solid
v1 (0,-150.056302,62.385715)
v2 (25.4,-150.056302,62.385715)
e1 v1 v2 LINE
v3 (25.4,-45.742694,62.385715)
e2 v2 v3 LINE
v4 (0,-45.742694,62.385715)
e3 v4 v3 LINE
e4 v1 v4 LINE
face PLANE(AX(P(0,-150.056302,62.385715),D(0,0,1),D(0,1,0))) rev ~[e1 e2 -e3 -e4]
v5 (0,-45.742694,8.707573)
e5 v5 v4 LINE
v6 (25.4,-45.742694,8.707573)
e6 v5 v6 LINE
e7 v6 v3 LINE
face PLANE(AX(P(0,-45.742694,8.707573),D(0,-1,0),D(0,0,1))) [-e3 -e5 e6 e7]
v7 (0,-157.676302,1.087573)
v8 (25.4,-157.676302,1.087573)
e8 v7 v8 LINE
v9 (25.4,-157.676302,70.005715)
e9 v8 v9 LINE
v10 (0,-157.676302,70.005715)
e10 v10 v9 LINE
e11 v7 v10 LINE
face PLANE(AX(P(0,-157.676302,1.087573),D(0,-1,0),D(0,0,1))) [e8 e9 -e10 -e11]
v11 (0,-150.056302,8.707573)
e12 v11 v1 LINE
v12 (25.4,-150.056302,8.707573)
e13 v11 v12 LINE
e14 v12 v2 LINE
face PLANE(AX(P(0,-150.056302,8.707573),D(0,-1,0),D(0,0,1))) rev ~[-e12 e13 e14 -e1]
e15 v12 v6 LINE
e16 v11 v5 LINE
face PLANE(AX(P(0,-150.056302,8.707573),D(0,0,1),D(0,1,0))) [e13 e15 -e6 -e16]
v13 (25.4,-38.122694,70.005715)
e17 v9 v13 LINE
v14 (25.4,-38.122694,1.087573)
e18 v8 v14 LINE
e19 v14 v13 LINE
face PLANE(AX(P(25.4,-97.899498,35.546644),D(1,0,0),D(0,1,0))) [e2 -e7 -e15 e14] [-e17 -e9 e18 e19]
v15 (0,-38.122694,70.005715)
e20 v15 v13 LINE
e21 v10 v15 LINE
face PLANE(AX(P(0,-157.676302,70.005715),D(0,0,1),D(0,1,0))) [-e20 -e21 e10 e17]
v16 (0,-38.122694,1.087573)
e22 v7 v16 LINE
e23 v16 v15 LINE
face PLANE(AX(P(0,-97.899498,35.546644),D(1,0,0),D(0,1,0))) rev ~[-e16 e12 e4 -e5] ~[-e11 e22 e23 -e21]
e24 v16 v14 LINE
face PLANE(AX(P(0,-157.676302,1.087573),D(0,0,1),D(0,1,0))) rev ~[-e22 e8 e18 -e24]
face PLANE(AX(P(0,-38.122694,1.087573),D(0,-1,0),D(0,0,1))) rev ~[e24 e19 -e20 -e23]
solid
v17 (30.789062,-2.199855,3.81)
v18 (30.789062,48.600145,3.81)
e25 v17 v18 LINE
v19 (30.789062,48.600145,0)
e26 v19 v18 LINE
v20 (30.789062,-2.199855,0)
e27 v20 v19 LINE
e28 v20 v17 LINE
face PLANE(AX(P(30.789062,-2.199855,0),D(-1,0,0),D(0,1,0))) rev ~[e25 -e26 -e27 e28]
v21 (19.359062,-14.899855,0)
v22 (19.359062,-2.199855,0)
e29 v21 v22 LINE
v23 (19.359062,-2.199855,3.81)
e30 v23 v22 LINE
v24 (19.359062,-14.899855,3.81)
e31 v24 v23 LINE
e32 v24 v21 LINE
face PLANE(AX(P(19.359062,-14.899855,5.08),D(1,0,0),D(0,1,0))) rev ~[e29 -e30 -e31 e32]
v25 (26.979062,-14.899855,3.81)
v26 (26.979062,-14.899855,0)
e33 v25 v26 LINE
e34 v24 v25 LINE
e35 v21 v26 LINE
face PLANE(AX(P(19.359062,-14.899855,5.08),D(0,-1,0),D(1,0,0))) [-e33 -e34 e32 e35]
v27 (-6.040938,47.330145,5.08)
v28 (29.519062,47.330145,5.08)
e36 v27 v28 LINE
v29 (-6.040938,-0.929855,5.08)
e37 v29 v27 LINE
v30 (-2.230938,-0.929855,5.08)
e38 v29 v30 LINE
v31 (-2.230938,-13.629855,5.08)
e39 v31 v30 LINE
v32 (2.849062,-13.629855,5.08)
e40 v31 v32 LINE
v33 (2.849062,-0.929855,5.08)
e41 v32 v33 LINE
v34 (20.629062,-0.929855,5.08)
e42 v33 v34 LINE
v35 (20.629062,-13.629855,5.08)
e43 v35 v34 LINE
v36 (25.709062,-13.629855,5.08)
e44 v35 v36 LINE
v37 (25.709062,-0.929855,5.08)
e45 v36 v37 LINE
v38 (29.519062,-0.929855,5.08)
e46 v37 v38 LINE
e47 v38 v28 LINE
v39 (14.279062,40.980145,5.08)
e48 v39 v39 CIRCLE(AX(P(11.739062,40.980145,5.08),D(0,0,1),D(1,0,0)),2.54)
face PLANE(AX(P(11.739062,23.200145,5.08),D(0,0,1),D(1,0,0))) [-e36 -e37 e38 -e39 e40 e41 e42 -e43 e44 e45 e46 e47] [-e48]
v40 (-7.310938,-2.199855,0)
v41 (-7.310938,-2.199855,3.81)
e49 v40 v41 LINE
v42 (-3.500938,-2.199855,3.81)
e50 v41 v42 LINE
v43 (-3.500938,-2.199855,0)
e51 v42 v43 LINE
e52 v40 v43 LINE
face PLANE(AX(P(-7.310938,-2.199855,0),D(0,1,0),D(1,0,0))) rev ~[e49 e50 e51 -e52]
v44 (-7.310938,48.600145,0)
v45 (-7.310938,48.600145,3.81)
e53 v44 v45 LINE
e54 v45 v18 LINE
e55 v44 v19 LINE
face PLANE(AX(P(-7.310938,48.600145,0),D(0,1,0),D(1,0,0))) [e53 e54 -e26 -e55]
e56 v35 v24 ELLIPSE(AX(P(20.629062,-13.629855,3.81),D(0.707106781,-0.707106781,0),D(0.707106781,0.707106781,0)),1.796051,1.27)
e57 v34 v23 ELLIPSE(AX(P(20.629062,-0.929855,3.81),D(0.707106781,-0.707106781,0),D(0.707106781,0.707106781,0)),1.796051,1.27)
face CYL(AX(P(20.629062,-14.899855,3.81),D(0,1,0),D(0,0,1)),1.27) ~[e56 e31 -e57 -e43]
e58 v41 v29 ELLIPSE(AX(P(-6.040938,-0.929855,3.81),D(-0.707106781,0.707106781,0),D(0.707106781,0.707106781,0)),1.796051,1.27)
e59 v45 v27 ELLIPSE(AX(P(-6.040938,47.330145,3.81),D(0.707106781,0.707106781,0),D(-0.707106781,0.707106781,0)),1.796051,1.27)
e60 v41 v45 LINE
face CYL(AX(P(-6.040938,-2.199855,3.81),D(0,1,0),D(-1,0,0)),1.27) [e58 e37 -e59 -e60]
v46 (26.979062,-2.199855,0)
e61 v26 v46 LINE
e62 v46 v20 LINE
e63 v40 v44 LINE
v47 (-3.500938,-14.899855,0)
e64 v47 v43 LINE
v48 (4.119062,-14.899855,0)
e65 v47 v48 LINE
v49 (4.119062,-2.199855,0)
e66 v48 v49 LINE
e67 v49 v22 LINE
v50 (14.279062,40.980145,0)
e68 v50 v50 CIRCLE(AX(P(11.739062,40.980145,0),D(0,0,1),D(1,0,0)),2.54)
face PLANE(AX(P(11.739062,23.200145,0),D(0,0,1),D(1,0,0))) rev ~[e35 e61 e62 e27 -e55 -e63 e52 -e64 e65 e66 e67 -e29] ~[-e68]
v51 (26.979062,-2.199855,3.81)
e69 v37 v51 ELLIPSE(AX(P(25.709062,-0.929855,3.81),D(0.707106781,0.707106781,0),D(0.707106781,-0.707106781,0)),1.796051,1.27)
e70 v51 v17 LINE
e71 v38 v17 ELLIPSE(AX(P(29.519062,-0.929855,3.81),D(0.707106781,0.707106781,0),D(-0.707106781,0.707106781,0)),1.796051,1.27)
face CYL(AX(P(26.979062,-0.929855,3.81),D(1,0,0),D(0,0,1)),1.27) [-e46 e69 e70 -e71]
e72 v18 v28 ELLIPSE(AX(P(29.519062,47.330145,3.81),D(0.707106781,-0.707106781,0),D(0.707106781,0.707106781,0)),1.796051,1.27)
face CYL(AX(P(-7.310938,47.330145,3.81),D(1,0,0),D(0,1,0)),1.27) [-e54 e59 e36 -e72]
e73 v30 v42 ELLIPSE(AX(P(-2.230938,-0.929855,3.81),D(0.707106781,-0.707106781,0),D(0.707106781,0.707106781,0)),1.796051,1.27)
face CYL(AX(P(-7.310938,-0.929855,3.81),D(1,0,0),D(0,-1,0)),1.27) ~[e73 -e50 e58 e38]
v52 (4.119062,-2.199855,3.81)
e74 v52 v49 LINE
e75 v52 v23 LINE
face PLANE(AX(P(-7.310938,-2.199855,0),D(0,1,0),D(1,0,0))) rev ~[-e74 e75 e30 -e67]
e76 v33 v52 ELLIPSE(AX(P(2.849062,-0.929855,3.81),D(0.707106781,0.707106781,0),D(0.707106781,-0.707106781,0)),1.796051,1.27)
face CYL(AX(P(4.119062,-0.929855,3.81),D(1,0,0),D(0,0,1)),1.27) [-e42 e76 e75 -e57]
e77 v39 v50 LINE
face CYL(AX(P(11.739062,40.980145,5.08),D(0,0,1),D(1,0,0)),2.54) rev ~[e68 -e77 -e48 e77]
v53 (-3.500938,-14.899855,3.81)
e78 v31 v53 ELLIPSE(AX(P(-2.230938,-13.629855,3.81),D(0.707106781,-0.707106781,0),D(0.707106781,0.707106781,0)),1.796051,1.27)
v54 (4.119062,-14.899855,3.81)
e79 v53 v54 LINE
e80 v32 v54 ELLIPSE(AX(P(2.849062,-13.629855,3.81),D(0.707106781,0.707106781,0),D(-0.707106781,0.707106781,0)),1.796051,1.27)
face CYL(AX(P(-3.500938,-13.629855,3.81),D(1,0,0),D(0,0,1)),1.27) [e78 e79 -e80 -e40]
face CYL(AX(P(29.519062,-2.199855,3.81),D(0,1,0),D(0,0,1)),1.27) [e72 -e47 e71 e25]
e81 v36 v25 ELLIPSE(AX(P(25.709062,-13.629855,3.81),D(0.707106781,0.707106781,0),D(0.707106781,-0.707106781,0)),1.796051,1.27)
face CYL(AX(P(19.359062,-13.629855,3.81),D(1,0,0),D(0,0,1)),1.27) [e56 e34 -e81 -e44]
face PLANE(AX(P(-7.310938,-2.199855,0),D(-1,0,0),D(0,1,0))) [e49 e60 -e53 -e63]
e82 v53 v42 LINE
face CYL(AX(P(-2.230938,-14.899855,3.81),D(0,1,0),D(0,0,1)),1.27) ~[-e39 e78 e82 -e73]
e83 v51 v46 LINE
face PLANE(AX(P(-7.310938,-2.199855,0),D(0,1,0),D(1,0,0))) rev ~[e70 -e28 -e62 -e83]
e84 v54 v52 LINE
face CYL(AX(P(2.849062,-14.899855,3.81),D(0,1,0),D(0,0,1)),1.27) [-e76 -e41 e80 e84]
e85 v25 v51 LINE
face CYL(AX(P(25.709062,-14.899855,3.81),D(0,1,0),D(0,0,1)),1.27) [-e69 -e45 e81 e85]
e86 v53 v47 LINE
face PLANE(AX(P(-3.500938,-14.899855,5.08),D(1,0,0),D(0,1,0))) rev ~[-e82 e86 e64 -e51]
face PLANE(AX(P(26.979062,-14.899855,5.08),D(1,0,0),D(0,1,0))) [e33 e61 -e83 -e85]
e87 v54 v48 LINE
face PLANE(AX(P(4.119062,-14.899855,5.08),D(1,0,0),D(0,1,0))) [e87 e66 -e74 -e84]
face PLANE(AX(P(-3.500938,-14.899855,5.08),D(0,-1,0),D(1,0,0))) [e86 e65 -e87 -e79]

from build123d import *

# Parameters (mm, degrees)
F0_W     = 38.1
F0_H     = 50.8
F1_DEPTH = 5.08
F2_R     = 2.54
F3_DEPTH = 5.081
F4_W     = 7.62
F4_H     = 12.7
F5_DEPTH = 5.08
F6_R     = 1.27
F7_W     = 119.5536076081
F7_H     = 68.9181420021
F7_W_2   = 104.3136076081
F7_H_2   = 53.6781420021
F8_DEPTH = 25.4


with BuildPart() as f1:
    # F0 (on Top) → F1 (new body)
    with BuildSketch(Plane.XY):
        with Locations((11.7390617564, 23.2001445636)):
            Rectangle(F0_W, F0_H)
    extrude(amount=F1_DEPTH)

    # F2 (on face) → F3 (cut, through all)
    with BuildSketch(Plane.XY.offset(5.08)):
        with Locations((11.7390617564, 40.9801445636)):
            Circle(F2_R)
    extrude(amount=-F3_DEPTH, mode=Mode.SUBTRACT)

    # F4 (on face) → F5 (join, through all)
    with BuildSketch(Plane.XY.offset(5.08)):
        with Locations((23.1690617564, -8.5498554364)):
            Rectangle(F4_W, F4_H)
        with Locations((0.3090617564, -8.5498554364)):
            Rectangle(F4_W, F4_H)
    extrude(amount=-F5_DEPTH)

    # F6
    f6_edges = [f1.edges().sort_by_distance(p)[0] for p in [
        (-7.310938, 23.200145, 5.08),
        (11.739062, 48.600145, 5.08),
        (30.789062, 23.200145, 5.08),
        (28.884062, -2.199855, 5.08),
        (23.169062, -14.899855, 5.08),
        (19.359062, -8.549855, 5.08),
        (11.739062, -2.199855, 5.08),
        (4.119062, -8.549855, 5.08),
        (-3.500938, -8.549855, 5.08),
        (-5.405938, -2.199855, 5.08),
        (0.309062, -14.899855, 5.08),
        (26.979062, -8.549855, 5.08),
    ]]
    fillet(f6_edges, radius=F6_R)


with BuildPart() as f8:
    # F7 (on Right) → F8 (new body)
    with BuildSketch(Plane.YZ):
        with Locations((-97.8994980925, 35.5466438923)):
            Rectangle(F7_W, F7_H)
        with Locations((-97.8994980925, 35.5466438923)):
            Rectangle(F7_W_2, F7_H_2, mode=Mode.SUBTRACT)
    extrude(amount=F8_DEPTH)


solid = Compound([f1.part, f8.part])
